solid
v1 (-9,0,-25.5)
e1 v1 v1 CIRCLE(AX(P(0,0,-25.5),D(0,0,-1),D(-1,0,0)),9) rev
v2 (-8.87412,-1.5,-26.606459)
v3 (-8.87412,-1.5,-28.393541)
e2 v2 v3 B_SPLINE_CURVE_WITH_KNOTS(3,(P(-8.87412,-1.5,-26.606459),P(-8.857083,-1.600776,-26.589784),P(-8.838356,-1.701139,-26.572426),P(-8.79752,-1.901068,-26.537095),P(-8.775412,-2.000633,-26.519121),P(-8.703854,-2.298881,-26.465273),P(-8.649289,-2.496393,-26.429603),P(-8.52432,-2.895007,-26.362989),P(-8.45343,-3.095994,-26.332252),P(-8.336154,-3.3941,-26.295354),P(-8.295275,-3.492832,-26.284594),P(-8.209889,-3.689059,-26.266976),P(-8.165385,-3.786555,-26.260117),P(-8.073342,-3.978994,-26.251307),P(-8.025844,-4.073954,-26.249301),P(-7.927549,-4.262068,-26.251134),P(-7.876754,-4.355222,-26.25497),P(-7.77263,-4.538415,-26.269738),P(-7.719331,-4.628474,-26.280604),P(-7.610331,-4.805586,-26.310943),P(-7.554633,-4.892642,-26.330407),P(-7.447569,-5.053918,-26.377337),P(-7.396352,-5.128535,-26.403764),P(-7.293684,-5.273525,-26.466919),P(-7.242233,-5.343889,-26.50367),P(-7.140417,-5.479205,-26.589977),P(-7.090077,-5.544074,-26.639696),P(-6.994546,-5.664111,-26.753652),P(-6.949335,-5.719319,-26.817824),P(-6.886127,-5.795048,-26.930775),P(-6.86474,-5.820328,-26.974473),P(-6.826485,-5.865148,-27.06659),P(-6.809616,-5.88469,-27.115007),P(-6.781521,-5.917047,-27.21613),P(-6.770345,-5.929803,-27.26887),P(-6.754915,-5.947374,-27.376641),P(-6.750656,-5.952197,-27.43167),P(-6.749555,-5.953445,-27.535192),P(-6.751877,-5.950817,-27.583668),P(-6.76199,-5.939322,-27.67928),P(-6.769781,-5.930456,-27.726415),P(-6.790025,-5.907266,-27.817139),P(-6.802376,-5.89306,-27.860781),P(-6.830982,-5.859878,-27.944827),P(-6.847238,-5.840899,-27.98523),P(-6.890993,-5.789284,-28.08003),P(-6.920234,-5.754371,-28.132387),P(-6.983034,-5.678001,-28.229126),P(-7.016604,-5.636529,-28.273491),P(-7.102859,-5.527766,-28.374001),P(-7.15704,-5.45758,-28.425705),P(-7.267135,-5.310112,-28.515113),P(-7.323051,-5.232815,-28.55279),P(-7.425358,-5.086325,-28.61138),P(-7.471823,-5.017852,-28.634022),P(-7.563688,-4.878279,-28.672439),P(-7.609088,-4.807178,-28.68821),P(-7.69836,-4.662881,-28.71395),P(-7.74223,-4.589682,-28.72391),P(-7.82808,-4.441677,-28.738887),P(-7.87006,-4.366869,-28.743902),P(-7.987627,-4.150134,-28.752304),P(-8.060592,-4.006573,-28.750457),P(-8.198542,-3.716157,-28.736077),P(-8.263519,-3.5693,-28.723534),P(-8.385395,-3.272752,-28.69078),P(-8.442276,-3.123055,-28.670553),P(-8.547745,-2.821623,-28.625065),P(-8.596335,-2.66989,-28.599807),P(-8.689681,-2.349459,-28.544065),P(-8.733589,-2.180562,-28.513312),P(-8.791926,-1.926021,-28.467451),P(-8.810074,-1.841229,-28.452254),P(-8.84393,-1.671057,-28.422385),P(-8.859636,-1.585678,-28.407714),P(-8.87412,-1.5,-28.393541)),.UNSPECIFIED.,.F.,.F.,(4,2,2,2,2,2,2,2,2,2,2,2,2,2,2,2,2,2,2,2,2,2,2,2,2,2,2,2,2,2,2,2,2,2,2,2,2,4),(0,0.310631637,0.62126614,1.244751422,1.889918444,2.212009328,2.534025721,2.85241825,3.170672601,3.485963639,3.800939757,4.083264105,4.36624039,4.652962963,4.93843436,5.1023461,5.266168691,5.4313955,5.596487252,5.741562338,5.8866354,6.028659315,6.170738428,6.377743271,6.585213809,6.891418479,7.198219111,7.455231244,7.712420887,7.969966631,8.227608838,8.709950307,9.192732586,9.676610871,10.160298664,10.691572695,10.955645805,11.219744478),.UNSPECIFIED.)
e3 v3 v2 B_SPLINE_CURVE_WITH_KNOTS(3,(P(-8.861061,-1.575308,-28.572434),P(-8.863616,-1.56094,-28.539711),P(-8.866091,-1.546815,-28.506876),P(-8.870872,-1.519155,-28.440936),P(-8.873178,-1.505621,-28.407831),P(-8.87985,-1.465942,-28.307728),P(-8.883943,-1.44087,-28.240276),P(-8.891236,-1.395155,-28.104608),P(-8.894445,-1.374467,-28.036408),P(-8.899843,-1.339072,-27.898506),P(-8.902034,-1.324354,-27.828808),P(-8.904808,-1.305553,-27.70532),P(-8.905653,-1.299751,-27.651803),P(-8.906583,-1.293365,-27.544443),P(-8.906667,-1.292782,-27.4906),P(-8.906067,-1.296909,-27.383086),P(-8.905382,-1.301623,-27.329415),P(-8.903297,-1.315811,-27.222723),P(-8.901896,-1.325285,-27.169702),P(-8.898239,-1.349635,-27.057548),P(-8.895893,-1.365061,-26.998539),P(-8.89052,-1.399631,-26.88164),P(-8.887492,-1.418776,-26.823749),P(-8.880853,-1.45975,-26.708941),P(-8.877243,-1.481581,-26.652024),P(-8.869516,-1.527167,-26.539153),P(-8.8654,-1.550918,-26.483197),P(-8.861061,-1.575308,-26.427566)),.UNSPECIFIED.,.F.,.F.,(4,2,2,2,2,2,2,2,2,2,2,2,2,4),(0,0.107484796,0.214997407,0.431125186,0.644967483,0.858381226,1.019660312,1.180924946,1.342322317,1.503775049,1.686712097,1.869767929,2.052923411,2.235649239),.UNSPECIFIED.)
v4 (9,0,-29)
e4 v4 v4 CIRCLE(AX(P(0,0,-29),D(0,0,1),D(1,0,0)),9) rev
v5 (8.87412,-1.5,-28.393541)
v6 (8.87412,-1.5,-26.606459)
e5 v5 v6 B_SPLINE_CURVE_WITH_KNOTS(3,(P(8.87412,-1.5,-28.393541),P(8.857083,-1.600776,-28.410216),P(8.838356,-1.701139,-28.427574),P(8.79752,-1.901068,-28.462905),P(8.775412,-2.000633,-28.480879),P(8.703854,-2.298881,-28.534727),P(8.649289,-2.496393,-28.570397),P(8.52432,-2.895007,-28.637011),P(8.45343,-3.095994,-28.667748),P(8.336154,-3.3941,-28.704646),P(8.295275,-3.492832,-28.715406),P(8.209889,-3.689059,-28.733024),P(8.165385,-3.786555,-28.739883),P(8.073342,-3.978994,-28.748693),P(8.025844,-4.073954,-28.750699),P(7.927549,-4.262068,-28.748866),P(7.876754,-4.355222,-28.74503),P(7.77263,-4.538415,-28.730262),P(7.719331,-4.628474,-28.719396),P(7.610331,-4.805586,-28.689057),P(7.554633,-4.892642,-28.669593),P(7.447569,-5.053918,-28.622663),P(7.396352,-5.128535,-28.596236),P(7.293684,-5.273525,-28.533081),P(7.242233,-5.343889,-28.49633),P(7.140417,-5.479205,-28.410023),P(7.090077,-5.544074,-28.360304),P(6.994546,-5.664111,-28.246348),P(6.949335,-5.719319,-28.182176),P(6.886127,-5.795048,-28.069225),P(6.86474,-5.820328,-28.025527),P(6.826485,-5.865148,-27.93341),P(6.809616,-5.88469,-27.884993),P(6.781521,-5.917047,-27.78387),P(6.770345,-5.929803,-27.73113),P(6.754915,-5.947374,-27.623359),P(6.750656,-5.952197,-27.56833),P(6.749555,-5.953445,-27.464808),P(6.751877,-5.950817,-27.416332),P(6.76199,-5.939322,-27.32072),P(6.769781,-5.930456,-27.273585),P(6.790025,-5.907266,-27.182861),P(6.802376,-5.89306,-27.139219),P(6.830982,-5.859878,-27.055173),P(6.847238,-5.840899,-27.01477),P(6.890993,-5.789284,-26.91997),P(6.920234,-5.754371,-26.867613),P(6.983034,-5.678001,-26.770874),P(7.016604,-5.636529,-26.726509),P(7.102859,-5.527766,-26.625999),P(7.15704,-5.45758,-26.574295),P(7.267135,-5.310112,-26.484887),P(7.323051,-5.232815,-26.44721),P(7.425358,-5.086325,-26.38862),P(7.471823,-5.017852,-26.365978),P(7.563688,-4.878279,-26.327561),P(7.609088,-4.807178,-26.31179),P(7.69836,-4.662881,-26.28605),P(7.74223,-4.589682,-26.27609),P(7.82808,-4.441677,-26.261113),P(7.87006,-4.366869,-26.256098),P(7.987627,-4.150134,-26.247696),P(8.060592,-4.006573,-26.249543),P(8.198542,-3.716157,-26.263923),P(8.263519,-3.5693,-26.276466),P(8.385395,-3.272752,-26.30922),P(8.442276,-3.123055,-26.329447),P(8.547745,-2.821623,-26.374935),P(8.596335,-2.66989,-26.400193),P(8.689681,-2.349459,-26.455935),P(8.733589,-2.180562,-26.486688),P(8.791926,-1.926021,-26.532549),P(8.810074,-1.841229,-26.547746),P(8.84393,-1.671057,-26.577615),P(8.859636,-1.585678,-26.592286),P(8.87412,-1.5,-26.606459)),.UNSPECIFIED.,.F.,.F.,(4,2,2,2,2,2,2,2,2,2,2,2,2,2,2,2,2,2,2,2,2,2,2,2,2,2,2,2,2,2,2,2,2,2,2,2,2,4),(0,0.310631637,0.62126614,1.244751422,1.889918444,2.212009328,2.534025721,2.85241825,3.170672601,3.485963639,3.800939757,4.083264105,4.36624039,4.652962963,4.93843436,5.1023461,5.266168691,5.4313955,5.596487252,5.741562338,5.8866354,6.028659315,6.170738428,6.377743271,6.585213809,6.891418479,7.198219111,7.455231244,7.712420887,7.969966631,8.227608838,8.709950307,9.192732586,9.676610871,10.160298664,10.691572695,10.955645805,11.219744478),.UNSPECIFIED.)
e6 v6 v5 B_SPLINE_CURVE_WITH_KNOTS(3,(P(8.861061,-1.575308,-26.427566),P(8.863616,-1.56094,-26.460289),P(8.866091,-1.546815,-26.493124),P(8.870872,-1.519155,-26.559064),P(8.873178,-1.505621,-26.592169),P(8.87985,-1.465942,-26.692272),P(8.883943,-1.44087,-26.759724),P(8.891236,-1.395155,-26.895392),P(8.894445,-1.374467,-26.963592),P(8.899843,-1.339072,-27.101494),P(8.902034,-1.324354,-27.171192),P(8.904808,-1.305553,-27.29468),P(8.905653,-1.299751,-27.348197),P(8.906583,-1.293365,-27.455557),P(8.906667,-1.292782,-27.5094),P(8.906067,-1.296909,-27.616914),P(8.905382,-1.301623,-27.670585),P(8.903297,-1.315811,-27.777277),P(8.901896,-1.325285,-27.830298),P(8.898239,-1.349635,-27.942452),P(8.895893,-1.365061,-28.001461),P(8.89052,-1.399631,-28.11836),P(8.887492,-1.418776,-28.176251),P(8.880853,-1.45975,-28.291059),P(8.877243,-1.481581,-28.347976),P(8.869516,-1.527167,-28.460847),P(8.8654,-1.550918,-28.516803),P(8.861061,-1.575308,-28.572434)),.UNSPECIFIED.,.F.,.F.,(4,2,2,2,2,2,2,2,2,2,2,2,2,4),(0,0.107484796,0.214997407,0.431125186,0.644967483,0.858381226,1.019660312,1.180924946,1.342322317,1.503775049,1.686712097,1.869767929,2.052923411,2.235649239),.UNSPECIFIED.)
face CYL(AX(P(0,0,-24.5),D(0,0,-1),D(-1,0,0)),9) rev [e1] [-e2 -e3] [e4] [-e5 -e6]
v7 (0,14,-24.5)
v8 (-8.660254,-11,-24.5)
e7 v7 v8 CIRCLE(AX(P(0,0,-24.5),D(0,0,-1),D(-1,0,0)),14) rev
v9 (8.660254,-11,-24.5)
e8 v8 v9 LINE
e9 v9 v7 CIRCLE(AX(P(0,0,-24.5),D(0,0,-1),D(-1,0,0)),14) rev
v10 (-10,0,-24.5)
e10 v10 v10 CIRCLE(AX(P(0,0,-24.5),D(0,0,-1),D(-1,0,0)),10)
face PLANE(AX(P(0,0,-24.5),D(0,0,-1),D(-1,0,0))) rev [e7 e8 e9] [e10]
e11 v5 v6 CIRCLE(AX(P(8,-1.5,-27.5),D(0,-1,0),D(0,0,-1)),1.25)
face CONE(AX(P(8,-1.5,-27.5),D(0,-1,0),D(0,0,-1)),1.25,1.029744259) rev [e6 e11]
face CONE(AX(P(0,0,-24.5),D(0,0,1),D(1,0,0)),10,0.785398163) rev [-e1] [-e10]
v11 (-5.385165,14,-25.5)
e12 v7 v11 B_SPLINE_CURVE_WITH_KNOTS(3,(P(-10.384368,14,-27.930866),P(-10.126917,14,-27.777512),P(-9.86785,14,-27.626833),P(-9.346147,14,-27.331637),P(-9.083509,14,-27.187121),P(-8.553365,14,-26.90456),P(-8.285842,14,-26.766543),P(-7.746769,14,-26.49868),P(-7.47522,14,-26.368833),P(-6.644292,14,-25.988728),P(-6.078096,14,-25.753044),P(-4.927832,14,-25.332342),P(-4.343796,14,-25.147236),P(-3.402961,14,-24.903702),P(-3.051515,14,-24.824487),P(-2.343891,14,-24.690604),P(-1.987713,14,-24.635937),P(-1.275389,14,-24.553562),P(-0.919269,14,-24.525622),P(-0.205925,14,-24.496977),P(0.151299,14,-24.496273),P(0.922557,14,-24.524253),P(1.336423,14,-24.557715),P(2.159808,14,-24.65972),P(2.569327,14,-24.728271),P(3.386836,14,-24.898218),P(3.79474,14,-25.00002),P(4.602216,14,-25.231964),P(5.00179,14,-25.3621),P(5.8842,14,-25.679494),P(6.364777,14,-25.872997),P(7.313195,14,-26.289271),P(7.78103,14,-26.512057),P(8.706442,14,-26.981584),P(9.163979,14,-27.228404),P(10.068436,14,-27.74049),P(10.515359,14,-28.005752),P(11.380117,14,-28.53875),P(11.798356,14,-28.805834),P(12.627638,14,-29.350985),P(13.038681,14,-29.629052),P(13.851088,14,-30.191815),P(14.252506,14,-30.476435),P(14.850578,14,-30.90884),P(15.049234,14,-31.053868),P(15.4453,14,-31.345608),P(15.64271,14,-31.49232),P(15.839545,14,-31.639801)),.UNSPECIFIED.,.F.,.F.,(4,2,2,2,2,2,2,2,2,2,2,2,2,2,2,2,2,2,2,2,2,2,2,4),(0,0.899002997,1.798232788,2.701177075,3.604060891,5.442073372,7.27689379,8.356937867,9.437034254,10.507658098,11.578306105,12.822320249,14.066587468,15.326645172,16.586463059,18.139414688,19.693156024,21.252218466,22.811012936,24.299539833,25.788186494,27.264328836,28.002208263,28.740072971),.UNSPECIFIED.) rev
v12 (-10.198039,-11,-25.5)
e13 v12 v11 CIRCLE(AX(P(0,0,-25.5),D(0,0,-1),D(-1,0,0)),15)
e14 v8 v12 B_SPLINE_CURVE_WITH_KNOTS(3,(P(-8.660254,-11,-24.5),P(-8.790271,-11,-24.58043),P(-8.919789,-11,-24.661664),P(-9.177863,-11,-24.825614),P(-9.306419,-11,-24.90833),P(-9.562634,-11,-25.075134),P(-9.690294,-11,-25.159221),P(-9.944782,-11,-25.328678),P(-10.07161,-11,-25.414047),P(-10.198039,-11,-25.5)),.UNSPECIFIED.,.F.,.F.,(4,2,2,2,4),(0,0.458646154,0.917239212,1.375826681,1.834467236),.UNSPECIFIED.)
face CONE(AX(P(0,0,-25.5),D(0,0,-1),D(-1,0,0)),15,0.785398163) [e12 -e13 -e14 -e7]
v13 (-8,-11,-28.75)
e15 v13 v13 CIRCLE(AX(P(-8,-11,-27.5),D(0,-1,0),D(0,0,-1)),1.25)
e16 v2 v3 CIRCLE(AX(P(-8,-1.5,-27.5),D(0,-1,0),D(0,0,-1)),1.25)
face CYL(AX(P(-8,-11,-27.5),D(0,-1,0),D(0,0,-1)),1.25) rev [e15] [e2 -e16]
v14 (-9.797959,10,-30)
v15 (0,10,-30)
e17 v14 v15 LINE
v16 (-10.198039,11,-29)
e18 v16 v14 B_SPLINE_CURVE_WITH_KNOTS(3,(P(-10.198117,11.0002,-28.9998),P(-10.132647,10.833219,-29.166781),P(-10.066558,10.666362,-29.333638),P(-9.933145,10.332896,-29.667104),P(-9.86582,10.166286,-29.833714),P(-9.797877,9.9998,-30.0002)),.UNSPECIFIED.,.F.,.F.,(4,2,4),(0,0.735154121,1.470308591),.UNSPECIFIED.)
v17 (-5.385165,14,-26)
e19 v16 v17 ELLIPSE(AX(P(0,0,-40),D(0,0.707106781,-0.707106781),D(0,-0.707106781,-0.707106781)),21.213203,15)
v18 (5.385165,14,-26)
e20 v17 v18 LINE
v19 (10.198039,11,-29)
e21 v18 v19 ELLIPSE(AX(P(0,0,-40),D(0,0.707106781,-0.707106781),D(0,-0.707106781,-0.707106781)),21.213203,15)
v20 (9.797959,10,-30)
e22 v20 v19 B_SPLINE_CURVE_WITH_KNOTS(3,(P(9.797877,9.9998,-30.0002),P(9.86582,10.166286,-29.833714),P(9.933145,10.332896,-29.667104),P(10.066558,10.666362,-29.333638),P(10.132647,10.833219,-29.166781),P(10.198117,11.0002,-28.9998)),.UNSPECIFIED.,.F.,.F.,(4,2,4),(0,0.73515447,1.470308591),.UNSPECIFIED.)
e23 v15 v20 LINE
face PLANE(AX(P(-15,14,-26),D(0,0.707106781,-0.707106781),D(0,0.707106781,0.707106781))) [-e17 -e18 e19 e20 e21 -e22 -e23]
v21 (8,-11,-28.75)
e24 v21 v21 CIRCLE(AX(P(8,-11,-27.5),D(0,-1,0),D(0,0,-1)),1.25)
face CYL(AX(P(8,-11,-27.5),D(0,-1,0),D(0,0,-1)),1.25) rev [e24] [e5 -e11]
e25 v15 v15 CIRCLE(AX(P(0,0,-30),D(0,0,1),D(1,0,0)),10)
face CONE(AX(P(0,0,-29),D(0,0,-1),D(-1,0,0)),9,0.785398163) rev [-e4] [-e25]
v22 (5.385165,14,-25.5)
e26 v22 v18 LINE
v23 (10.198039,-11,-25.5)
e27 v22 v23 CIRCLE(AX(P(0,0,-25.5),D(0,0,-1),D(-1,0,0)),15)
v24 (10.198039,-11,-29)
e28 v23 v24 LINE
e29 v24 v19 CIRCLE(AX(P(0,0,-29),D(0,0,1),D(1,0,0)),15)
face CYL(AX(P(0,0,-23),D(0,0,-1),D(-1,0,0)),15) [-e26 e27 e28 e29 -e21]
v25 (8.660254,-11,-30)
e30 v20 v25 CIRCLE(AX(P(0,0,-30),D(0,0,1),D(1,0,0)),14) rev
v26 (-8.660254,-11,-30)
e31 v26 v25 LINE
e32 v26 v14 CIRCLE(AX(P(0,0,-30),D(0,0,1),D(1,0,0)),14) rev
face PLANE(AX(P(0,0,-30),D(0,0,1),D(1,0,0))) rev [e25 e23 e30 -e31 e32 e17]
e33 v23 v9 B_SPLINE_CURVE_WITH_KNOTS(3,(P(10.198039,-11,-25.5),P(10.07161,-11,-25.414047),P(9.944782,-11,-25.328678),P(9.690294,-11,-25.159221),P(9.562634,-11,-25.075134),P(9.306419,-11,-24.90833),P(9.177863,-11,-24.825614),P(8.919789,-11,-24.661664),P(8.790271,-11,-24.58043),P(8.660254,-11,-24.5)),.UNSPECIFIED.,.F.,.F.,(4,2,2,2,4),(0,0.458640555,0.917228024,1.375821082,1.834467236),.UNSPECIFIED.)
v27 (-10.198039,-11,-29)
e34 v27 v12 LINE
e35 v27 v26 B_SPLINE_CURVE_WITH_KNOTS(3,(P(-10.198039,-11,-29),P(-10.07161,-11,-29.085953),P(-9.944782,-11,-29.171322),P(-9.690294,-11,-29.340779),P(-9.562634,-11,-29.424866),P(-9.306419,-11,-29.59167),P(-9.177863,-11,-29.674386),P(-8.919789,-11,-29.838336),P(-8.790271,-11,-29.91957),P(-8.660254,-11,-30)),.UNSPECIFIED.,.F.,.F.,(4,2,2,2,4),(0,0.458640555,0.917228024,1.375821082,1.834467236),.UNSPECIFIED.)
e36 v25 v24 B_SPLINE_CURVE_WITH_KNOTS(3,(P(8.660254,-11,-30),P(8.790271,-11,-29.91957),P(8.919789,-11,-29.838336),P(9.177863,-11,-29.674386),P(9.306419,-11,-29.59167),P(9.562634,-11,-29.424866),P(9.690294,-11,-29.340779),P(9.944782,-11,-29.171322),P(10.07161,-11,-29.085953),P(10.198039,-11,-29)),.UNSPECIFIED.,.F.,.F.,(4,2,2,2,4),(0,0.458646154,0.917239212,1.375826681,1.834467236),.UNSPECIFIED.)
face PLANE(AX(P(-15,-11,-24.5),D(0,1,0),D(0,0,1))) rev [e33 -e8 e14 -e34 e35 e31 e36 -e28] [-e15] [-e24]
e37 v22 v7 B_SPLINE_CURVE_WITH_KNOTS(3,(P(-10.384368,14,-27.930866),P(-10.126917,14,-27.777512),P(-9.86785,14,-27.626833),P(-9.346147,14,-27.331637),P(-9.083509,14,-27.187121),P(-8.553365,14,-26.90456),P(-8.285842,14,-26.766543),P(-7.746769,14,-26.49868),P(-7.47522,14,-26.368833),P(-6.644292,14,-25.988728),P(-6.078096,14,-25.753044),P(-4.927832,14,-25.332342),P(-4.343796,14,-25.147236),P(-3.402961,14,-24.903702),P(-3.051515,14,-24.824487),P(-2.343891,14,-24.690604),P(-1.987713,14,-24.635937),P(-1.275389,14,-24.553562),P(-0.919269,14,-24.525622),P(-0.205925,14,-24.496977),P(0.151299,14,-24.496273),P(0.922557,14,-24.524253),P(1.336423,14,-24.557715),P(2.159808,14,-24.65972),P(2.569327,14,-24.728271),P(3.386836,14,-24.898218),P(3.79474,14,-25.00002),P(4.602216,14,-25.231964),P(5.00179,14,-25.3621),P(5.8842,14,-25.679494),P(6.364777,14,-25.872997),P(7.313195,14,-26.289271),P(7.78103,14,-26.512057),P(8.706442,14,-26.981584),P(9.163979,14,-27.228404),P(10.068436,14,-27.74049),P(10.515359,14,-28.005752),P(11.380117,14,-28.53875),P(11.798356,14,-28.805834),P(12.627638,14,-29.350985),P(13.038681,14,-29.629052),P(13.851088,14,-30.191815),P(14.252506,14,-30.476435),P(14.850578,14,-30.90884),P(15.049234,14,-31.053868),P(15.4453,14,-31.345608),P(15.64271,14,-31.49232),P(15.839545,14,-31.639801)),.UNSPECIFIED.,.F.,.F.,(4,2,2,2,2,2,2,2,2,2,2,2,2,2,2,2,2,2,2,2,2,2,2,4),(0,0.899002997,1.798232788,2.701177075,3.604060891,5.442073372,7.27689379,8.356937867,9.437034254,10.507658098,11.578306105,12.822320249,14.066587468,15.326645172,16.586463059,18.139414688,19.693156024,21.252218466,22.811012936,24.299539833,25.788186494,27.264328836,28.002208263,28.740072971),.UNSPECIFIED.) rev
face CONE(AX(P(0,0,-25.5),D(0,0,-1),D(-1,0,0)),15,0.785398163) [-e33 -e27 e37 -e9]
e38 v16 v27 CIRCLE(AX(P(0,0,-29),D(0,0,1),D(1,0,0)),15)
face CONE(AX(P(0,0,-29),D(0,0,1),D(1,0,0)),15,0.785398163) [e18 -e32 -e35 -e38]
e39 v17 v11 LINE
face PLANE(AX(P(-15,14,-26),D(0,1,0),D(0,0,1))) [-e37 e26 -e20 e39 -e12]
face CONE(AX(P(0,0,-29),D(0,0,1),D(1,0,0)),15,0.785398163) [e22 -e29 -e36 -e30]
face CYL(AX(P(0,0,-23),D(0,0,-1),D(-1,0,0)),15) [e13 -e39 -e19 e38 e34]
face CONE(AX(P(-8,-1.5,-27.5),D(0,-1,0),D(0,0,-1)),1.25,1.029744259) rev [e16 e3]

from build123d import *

# Parameters (mm, degrees)
SKETCH_1_R             = 7
SKETCH_1_R_2           = 5.5
EXTRUDE_1_DEPTH        = 30
EXTRUDE_START          = -7
SKETCH_2_R             = 15
SKETCH_2_R_2           = 5.5
EXTRUDE_2_DEPTH        = 7
SKETCH_5_W             = 5.5
SKETCH_5_H             = 9
CUT_EXTRUDE_4_DEPTH    = 15
HOLE_WIZARD_M3_1_D     = 2.5
HOLE_WIZARD_M3_1_DEPTH = 9.5
HOLE_WIZARD_M3_1_TIP   = 0.751075774
FILLET_1_R             = 1
SKETCH1_R              = 7.5
EXTRUDE1_DEPTH         = 5
CHAMFER1_SIZE          = 1
SKETCH_9_R             = 18
CUT_EXTRUDE_1_DEPTH    = 55
SKETCH_10_R            = 9
CUT_EXTRUDE_2_DEPTH    = 22.914607001
CHAMFER_5_SIZE         = 1
SKETCH_12_OUTSIDE_W    = 15.516
SKETCH_12_OUTSIDE_H    = 36.016
CUT_EXTRUDE_4_2_DEPTH  = 15


with BuildPart() as part:
    # 草图1 → 拉伸1 (new, symmetric)
    with BuildSketch(Plane.XY):
        Circle(SKETCH_1_R)
        Circle(SKETCH_1_R_2, mode=Mode.SUBTRACT)
    extrude(amount=EXTRUDE_1_DEPTH, both=True)

    # 草图2 → 拉伸2 (add)
    with BuildSketch(Plane.XY.offset(30).offset(EXTRUDE_START)):
        Circle(SKETCH_2_R)
        Circle(SKETCH_2_R_2, mode=Mode.SUBTRACT)
    extrude_2 = extrude(amount=EXTRUDE_2_DEPTH)

    # 镜向1: 拉伸2 across plane
    add(extrude_2.mirror(Plane.XY))

    # 草图5 → Cut-Extrude 4 (cut, symmetric)
    with BuildSketch(Plane(origin=(0, 0, 0), x_dir=(0, 0, -1), z_dir=(1, 0, 0))):
        with Locations((-27.25, -15.5)):
            Rectangle(SKETCH_5_W, SKETCH_5_H)
        with Locations((27.25, -15.5)):
            Rectangle(SKETCH_5_W, SKETCH_5_H)
    extrude(amount=CUT_EXTRUDE_4_DEPTH, both=True, mode=Mode.SUBTRACT)

    # M3 螺纹孔1
    with Locations(Plane(origin=(-8, -11, 27.5), x_dir=(0, 0, -1), z_dir=(0, -1, 0))):
        with Locations((0, 0), (0, 16), (55, 0), (55, 16)):
            Hole(HOLE_WIZARD_M3_1_D / 2, depth=HOLE_WIZARD_M3_1_DEPTH)
            with Locations((0, 0, -(HOLE_WIZARD_M3_1_DEPTH + HOLE_WIZARD_M3_1_TIP / 2))):  # 118° drill point
                Cone(0, HOLE_WIZARD_M3_1_D / 2, HOLE_WIZARD_M3_1_TIP, mode=Mode.SUBTRACT)

    # 圆角1
    fillet_1_edges = [part.edges().sort_by_distance(p)[0] for p in [
        (-7, 0, -23),
        (-7, 0, 23),
    ]]
    fillet(fillet_1_edges, radius=FILLET_1_R)

    # Sketch1 → Extrude1 (cut)
    with BuildSketch(Plane(origin=(0, 0, 30), x_dir=(-1, 0, 0), z_dir=(0, 0, -1))):
        Circle(SKETCH1_R)
    extrude(amount=EXTRUDE1_DEPTH, mode=Mode.SUBTRACT)

    # Chamfer1
    chamfer1_edges = [part.edges().sort_by_distance(p)[0] for p in [
        (-5.5, 0, 25),
    ]]
    chamfer(chamfer1_edges, length=CHAMFER1_SIZE)

    # 草图9 → 切除-拉伸1 (cut)
    with BuildSketch(Plane(origin=(0, 0, -24.5), x_dir=(-1, 0, 0), z_dir=(0, 0, -1))):
        Circle(SKETCH_9_R)
    extrude(amount=-CUT_EXTRUDE_1_DEPTH, mode=Mode.SUBTRACT)

    # 草图10 → 切除-拉伸2 (cut, through all)
    with BuildSketch(Plane(origin=(0, 0, -30), x_dir=(-1, 0, 0), z_dir=(0, 0, -1))):
        Circle(SKETCH_10_R)
    extrude(amount=-CUT_EXTRUDE_2_DEPTH, mode=Mode.SUBTRACT)

    # 倒角5
    chamfer_5_edges = [part.edges().sort_by_distance(p)[0] for p in [
        (9, 0, -24.5),
        (9, 0, -30),
        (0, 15, -30),
        (0, 15, -24.5),
    ]]
    chamfer(chamfer_5_edges, length=CHAMFER_5_SIZE)

    # 草图12 outside → Cut-Extrude 4 2 (cut, symmetric)
    with BuildSketch(Plane(origin=(0, 0, 0), x_dir=(0, 0, -1), z_dir=(1, 0, 0))):
        with Locations((27.25, 2)):
            Rectangle(SKETCH_12_OUTSIDE_W, SKETCH_12_OUTSIDE_H)
        Polygon((26, 14), (30, 10), (30, -11), (22, -11), (22, 14), align=None, mode=Mode.SUBTRACT)
    extrude(amount=CUT_EXTRUDE_4_2_DEPTH, both=True, mode=Mode.SUBTRACT)


solid = part.part
